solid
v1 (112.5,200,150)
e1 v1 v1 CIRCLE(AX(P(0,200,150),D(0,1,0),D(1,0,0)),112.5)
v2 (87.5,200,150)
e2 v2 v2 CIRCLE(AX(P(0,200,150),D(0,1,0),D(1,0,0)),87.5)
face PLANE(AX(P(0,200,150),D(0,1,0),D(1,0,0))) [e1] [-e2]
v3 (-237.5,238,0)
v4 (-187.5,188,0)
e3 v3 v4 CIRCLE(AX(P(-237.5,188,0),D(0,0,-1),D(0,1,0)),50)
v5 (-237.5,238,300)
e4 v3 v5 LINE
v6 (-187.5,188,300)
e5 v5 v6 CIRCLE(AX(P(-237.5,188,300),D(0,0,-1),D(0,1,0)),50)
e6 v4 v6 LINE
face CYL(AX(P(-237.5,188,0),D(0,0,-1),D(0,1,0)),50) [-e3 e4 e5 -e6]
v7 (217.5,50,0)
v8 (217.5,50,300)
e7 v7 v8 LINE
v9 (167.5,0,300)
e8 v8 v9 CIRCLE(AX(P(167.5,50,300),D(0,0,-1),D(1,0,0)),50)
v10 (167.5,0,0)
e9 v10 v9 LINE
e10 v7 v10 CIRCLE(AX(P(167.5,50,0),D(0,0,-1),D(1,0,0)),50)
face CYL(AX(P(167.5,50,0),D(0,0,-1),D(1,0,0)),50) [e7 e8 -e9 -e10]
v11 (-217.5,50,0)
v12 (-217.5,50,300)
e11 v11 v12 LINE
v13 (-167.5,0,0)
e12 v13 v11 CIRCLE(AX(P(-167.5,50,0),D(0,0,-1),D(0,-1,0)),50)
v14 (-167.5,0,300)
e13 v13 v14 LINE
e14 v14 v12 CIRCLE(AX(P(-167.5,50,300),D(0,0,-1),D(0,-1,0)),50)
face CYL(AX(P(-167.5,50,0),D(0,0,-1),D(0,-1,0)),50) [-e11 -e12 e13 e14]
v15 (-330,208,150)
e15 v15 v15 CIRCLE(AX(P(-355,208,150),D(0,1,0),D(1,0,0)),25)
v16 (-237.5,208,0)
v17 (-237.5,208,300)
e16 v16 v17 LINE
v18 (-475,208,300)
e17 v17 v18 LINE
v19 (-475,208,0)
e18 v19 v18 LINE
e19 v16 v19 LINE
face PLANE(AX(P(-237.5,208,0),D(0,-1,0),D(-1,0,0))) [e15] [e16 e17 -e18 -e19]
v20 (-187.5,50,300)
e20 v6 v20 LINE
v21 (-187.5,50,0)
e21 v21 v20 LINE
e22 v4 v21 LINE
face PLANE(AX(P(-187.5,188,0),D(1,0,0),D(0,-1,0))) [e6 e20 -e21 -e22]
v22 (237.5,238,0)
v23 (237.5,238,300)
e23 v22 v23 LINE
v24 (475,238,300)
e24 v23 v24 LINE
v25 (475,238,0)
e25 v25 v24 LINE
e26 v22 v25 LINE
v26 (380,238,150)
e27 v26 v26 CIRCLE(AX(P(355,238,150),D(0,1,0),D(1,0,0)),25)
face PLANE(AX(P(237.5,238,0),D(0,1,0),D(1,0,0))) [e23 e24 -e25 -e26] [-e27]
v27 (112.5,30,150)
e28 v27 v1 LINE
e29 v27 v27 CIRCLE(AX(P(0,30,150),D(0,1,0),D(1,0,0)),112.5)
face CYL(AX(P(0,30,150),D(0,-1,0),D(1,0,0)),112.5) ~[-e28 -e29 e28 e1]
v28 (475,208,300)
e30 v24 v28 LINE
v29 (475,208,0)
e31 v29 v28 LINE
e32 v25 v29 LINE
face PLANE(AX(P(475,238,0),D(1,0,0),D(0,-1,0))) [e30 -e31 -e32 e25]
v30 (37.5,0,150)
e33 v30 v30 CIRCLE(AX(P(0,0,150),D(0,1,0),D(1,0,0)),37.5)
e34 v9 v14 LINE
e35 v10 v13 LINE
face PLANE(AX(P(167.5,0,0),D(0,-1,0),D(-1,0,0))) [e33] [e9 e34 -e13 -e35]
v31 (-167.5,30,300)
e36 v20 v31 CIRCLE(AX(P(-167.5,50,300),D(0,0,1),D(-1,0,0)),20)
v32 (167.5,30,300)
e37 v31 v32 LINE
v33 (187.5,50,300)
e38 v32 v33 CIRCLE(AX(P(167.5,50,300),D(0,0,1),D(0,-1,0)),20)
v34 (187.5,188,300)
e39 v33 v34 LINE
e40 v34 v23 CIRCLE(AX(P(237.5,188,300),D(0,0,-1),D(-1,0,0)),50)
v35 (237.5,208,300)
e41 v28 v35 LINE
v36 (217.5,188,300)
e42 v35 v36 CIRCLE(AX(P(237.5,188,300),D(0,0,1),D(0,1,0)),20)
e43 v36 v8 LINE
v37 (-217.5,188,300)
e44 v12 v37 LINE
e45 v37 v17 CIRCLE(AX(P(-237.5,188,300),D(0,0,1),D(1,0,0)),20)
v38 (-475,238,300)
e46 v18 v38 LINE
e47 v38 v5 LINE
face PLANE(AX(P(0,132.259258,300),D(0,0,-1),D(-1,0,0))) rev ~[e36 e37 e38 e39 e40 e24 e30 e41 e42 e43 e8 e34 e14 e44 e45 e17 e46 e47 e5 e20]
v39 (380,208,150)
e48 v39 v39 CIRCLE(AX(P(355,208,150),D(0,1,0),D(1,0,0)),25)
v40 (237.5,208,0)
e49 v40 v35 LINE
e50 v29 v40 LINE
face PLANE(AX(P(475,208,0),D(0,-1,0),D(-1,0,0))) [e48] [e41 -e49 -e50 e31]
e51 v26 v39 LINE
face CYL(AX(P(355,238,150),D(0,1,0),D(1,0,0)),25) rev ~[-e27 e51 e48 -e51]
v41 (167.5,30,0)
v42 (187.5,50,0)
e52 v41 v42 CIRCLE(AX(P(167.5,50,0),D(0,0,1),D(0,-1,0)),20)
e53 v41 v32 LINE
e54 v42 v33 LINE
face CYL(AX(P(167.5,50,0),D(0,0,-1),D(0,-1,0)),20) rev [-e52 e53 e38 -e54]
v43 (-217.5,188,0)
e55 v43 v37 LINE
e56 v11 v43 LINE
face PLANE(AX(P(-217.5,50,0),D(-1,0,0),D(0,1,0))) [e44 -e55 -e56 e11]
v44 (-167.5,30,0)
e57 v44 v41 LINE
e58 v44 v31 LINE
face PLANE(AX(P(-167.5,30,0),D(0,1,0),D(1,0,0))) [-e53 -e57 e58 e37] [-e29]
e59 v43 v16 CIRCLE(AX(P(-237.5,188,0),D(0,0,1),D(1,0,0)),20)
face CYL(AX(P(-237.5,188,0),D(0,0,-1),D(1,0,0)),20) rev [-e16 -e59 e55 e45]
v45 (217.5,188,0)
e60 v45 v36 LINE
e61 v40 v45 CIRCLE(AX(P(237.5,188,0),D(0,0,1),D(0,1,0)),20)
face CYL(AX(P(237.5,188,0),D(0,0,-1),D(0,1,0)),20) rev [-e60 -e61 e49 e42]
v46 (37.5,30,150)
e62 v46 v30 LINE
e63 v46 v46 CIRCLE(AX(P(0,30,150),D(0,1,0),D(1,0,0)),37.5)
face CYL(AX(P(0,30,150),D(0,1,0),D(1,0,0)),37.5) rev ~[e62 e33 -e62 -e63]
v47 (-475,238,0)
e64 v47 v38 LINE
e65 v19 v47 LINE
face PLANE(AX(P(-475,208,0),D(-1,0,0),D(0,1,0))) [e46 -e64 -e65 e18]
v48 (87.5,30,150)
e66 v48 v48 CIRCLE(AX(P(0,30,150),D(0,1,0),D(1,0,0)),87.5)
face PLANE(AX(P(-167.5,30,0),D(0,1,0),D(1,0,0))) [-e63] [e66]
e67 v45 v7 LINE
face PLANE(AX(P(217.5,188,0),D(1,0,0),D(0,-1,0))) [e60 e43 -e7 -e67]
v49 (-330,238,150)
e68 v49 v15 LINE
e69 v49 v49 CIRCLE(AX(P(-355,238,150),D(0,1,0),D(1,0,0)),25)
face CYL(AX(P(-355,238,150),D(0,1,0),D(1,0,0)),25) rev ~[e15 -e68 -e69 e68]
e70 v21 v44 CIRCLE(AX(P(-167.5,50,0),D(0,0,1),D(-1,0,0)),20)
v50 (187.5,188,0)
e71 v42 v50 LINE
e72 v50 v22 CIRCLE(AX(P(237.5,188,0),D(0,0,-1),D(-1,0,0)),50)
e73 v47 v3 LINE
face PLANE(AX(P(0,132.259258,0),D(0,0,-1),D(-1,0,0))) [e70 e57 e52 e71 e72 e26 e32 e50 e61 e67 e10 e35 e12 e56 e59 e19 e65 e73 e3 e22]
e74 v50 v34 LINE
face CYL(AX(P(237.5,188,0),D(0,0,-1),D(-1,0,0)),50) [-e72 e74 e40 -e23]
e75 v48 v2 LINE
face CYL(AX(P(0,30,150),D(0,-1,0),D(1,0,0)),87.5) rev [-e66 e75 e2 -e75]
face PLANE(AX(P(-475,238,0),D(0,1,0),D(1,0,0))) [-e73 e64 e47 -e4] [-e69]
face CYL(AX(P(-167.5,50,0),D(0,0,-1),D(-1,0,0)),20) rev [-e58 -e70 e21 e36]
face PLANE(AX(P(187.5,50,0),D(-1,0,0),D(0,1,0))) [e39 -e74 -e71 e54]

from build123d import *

# Parameters (mm, degrees)
BOSS_EXTRUDE1_DEPTH = 300
SKETCH3_R           = 112.5
SKETCH3_R_2         = 87.5
BOSS_EXTRUDE2_DEPTH = 170
SKETCH4_R           = 37.5
CUT_EXTRUDE1_DEPTH  = 170
SKETCH5_R           = 25
CUT_EXTRUDE2_DEPTH  = 170


with BuildPart() as part:
    # Sketch1 → Boss-Extrude1 (new body)
    with BuildSketch(Plane.XY):
        with BuildLine():
            Line((167.5, 0), (-167.5, 0))
            ThreePointArc((-167.5, 0), (-202.855339059, 14.644660941), (-217.5, 50))
            Line((-217.5, 50), (-217.5, 188))
            ThreePointArc((-217.5, 188), (-223.357864376, 202.142135624), (-237.5, 208))
            Line((-237.5, 208), (-475, 208))
            Line((-475, 208), (-475, 238))
            Line((-475, 238), (-237.5, 238))
            ThreePointArc((-237.5, 238), (-202.144660941, 223.355339059), (-187.5, 188))
            Line((-187.5, 188), (-187.5, 50))
            ThreePointArc((-187.5, 50), (-181.642135624, 35.857864376), (-167.5, 30))
            Line((-167.5, 30), (167.5, 30))
            ThreePointArc((167.5, 30), (181.642135624, 35.857864376), (187.5, 50))
            Line((187.5, 50), (187.5, 188))
            ThreePointArc((187.5, 188), (202.144660941, 223.355339059), (237.5, 238))
            Line((237.5, 238), (475, 238))
            Line((475, 238), (475, 208))
            Line((475, 208), (237.5, 208))
            ThreePointArc((237.5, 208), (223.357864376, 202.142135624), (217.5, 188))
            Line((217.5, 188), (217.5, 50))
            ThreePointArc((217.5, 50), (202.855339059, 14.644660941), (167.5, 0))
        make_face()
    extrude(amount=BOSS_EXTRUDE1_DEPTH)

    # Sketch3 → Boss-Extrude2 (add)
    with BuildSketch(Plane(origin=(0, 30, 0), x_dir=(1, 0, 0), z_dir=(0, 1, 0))):
        with Locations((0, -150)):
            Circle(SKETCH3_R)
        with Locations((0, -150)):
            Circle(SKETCH3_R_2, mode=Mode.SUBTRACT)
    extrude(amount=BOSS_EXTRUDE2_DEPTH)

    # Sketch4 → Cut-Extrude1 (cut)
    with BuildSketch(Plane(origin=(0, 30, 0), x_dir=(1, 0, 0), z_dir=(0, 1, 0))):
        with Locations((0, -150)):
            Circle(SKETCH4_R)
    extrude(amount=-CUT_EXTRUDE1_DEPTH, mode=Mode.SUBTRACT)

    # Sketch5 → Cut-Extrude2 (cut)
    with BuildSketch(Plane(origin=(0, 238, 0), x_dir=(1, 0, 0), z_dir=(0, 1, 0))):
        with Locations((355, -150)):
            Circle(SKETCH5_R)
        with Locations((-355, -150)):
            Circle(SKETCH5_R)
    extrude(amount=-CUT_EXTRUDE2_DEPTH, mode=Mode.SUBTRACT)


solid = part.part
